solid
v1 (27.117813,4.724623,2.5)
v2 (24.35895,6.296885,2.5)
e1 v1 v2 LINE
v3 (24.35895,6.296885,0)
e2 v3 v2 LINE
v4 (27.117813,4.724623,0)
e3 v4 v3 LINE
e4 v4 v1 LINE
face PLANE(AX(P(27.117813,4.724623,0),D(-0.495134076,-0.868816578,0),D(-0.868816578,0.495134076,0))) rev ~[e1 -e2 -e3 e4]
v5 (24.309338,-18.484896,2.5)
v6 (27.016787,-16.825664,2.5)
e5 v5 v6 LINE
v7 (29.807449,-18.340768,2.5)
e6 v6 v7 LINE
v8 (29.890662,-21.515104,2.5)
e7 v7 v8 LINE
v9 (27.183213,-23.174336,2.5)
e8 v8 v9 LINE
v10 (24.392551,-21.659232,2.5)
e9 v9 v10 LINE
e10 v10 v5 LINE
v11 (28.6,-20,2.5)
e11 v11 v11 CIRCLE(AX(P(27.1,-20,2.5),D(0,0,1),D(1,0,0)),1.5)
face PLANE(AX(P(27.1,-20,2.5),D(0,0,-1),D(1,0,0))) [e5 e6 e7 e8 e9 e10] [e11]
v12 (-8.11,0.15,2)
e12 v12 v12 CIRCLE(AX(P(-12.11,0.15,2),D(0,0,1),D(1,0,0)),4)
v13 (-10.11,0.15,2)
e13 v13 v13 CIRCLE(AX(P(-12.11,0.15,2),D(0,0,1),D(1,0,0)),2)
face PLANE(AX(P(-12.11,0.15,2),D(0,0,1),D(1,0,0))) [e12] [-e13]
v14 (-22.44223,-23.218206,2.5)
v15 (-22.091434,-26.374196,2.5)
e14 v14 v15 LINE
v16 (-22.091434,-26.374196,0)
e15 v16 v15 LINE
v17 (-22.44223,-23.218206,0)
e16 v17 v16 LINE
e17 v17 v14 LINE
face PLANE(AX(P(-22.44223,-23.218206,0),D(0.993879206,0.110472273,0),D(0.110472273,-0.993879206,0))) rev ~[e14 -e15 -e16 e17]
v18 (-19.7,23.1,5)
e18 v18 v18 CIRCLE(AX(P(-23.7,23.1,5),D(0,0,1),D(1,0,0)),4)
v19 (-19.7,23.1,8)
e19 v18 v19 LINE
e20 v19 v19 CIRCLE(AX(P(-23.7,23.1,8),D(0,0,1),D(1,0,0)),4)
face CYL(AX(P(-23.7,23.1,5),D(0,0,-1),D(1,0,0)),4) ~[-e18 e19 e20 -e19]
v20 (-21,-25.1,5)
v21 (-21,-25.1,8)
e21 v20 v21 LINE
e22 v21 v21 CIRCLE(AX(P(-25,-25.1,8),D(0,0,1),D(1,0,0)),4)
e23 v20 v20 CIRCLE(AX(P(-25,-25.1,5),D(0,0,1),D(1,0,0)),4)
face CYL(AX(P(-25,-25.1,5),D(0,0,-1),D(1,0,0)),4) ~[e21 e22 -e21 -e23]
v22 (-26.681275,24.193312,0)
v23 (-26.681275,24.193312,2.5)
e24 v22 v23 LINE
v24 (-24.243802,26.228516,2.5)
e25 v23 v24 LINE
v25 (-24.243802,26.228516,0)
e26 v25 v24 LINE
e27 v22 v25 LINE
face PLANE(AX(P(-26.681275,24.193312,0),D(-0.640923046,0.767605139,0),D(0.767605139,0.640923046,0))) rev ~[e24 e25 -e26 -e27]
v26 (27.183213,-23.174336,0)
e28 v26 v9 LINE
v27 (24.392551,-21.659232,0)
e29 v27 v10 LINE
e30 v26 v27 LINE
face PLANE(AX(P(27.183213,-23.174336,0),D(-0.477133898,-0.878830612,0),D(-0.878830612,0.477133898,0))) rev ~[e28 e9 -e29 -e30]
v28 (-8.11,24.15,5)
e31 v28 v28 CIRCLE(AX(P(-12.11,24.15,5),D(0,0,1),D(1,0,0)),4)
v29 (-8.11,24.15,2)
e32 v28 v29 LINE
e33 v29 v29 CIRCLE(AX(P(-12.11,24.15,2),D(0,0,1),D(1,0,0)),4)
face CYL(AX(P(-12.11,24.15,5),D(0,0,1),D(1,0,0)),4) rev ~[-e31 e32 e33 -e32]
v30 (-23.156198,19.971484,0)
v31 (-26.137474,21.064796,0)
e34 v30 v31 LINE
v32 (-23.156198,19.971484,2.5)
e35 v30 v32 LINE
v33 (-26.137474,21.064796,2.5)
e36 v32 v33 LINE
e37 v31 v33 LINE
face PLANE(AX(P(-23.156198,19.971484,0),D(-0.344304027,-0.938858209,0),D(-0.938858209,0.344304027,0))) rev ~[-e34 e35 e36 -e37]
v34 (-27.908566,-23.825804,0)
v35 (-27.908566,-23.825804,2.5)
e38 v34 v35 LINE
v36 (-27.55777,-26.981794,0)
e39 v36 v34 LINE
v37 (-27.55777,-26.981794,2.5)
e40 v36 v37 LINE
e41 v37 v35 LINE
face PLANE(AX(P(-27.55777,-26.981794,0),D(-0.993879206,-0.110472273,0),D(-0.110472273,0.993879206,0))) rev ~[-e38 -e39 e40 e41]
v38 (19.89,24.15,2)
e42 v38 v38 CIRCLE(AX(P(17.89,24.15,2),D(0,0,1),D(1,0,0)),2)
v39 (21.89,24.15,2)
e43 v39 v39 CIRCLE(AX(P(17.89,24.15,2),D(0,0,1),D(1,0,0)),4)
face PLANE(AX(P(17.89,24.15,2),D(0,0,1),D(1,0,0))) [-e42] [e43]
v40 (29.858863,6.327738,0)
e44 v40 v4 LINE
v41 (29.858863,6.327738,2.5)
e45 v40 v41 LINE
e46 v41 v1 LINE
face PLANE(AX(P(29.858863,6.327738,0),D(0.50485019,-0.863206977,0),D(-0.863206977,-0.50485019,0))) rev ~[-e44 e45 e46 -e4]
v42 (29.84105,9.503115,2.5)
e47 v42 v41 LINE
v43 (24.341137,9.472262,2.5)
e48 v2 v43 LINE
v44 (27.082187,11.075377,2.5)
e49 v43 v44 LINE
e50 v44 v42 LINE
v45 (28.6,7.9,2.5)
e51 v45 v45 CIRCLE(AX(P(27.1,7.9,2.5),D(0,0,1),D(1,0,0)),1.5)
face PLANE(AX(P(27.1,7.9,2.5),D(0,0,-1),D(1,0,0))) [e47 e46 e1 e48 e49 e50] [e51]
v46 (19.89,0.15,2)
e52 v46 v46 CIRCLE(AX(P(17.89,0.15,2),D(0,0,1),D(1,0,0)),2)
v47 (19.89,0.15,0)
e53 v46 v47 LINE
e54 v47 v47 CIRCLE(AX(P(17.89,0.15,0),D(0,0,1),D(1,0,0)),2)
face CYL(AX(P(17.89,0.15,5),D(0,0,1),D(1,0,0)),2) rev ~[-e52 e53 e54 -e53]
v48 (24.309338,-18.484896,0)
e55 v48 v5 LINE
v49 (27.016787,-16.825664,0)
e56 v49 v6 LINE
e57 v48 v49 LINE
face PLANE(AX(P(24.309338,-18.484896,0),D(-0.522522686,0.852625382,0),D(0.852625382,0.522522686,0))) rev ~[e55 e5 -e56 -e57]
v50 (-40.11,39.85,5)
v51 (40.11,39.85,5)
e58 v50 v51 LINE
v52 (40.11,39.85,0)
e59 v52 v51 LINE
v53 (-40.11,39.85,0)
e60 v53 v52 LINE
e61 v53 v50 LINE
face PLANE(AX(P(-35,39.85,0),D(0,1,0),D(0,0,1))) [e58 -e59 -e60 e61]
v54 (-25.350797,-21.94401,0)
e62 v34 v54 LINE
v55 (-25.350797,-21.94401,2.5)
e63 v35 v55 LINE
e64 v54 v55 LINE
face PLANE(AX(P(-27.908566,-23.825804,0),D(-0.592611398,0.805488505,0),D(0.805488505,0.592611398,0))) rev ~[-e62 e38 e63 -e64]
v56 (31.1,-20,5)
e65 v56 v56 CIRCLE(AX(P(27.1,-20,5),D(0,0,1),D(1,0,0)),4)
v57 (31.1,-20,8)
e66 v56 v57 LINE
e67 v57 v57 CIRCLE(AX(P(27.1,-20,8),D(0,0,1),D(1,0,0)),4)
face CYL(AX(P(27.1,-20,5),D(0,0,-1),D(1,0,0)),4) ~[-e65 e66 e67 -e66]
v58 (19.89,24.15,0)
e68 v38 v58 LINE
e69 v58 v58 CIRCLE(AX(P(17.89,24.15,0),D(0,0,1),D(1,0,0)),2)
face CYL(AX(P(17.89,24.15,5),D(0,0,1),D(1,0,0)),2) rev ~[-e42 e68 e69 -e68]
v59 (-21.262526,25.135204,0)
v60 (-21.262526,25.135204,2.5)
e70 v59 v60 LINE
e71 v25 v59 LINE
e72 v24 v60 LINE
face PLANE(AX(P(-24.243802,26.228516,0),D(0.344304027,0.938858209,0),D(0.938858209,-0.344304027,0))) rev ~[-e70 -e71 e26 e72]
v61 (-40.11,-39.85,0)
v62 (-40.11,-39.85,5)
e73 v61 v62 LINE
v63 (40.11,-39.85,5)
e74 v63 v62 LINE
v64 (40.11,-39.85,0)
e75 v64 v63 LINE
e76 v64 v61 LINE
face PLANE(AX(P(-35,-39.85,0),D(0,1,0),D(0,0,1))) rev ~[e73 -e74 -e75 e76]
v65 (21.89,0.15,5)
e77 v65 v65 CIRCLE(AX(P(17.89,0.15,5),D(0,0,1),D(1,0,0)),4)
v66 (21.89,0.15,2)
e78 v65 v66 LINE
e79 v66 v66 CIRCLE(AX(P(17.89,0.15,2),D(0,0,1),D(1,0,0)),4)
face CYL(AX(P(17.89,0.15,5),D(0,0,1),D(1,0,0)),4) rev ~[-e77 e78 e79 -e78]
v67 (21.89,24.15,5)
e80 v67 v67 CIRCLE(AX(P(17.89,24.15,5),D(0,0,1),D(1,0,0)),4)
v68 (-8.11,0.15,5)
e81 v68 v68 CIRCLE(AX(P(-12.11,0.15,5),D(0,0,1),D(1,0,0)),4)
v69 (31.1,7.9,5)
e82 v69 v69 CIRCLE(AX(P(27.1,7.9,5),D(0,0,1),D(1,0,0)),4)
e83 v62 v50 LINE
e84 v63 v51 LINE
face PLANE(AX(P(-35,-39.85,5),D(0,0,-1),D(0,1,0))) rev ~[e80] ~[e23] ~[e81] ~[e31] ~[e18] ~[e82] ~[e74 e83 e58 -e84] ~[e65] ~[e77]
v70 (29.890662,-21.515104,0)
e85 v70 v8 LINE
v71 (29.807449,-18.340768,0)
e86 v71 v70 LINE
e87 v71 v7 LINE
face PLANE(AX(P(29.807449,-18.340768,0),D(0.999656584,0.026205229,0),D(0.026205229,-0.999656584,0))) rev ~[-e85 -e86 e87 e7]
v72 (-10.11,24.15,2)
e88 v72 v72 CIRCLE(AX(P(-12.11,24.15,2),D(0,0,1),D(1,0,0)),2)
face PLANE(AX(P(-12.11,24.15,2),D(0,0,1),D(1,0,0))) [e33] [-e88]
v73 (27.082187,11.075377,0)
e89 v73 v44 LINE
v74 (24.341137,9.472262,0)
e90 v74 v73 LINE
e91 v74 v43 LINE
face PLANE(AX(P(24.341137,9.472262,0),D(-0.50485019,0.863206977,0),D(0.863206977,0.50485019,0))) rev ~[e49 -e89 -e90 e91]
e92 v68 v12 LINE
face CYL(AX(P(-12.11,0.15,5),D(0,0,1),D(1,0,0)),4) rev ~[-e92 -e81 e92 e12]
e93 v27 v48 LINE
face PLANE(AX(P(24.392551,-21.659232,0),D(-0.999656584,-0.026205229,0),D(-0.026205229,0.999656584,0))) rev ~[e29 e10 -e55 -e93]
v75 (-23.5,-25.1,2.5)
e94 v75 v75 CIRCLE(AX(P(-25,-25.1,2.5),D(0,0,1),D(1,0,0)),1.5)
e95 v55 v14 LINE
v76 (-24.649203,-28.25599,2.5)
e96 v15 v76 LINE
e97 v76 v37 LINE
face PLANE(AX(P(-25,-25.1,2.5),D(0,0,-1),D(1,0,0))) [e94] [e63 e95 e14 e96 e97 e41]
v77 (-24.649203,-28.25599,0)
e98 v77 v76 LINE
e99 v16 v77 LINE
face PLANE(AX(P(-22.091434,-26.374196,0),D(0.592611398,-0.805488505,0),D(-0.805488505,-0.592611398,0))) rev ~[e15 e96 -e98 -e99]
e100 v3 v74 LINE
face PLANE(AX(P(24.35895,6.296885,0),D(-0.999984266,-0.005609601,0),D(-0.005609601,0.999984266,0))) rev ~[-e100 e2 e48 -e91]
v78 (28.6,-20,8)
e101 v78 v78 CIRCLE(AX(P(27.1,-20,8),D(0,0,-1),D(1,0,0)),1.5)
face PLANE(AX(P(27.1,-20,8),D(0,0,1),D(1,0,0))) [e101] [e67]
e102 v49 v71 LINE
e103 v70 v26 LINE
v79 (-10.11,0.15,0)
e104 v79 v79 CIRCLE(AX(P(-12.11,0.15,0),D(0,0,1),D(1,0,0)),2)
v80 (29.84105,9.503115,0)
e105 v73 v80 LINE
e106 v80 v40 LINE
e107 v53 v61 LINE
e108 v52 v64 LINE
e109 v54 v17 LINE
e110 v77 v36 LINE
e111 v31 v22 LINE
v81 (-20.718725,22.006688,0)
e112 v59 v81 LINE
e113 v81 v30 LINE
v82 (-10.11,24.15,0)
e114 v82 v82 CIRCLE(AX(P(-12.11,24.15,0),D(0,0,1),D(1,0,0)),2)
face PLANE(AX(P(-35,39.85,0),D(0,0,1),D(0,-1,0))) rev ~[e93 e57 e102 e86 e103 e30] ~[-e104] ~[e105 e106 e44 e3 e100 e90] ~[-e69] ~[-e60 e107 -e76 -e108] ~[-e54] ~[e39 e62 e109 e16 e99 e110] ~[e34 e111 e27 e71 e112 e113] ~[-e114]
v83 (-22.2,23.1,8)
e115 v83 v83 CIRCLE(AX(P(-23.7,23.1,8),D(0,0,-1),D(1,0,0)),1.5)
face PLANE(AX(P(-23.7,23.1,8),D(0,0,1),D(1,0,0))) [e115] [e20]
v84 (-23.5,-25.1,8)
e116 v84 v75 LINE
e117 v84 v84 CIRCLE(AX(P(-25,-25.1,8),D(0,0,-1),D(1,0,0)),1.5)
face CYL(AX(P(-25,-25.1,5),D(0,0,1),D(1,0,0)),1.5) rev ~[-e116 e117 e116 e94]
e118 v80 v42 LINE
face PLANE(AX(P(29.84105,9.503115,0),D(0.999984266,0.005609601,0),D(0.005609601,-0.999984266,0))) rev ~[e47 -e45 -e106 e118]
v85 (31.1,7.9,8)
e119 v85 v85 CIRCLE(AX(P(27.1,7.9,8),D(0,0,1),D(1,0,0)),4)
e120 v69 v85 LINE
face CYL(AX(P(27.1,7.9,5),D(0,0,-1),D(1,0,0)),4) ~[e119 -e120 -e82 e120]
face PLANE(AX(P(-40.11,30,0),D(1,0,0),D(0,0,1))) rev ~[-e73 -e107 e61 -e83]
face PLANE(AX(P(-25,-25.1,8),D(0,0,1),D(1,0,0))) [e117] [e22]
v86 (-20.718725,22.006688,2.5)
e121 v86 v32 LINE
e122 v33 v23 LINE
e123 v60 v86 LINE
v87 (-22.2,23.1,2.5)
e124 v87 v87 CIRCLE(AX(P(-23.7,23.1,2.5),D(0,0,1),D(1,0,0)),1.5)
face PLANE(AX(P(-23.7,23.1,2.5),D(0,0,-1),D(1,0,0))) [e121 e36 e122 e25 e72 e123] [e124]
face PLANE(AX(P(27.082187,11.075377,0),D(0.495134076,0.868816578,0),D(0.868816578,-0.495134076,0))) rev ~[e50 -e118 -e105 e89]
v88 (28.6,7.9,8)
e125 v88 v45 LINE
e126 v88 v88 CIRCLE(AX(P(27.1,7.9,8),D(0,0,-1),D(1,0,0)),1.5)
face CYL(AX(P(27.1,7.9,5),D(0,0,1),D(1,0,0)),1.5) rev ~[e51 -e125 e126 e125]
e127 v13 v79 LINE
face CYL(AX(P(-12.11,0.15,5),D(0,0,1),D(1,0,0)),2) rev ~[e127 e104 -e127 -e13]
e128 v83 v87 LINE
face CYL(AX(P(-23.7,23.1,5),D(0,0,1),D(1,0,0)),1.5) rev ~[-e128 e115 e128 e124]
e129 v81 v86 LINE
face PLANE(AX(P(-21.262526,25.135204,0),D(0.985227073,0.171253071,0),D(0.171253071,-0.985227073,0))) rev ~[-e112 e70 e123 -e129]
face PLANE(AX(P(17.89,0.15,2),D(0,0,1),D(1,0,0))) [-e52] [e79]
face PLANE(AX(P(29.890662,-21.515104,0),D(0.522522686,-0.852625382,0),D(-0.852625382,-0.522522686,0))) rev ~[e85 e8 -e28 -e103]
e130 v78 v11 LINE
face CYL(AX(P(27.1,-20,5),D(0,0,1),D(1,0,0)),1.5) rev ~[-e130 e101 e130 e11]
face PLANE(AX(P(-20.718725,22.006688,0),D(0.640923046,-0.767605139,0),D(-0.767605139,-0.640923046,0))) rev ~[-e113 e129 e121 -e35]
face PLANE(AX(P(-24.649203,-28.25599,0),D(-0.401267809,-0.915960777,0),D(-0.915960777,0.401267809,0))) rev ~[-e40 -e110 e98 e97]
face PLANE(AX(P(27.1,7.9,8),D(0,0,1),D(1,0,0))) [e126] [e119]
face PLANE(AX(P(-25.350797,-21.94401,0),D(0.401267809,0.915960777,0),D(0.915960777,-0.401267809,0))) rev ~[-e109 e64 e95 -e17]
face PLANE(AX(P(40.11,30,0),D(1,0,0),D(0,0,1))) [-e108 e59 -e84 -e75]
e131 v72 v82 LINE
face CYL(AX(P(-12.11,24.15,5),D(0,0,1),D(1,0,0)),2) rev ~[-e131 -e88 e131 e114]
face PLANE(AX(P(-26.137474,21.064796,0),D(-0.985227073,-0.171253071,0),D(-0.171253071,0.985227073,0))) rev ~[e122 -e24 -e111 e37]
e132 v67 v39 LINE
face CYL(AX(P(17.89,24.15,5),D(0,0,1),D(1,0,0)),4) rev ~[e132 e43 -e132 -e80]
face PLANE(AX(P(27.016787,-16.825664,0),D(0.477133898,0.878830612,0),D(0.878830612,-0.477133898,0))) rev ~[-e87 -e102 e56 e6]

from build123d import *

# Parameters (mm, degrees)
F0_W          = 70
F0_H          = 60
F1_DEPTH      = 5
F2_R          = 4
F3_DEPTH      = 3
F4_R          = 1.5
F5_DEPTH      = 3.001
F5_DEPTH_BACK = 5
F6_DEPTH      = 9.85
F7_DEPTH      = 9.85
F8_DEPTH      = 5.11
F9_DEPTH      = 5.11
F10_R         = 2
F11_DEPTH     = 5
F12_R         = 4
F13_DEPTH     = 3
F15_DEPTH     = 2.5


with BuildPart() as f1:
    # F0 (on Top) → F1 (new body)
    with BuildSketch(Plane.XY):
        Rectangle(F0_W, F0_H)
    extrude(amount=F1_DEPTH)

    # F2 (on face) → F3 (join)
    with BuildSketch(Plane.XY.offset(5)):
        with Locations((-23.7, 23.1)):
            Circle(F2_R)
        with Locations((-25, -25.1)):
            Circle(F2_R)
        with Locations((27.1, 7.9)):
            Circle(F2_R)
        with Locations((27.1, -20)):
            Circle(F2_R)
    extrude(amount=F3_DEPTH)

    # F4 (on face) → F5 (cut, two sides)
    with BuildSketch(Plane.XY.offset(5)) as f5_sk:
        with Locations((-23.7, 23.1)):
            Circle(F4_R)
        with Locations((27.1, 7.9)):
            Circle(F4_R)
        with Locations((27.1, -20)):
            Circle(F4_R)
        with Locations((-25, -25.1)):
            Circle(F4_R)
    extrude(amount=F5_DEPTH, mode=Mode.SUBTRACT)
    extrude(f5_sk.sketch, amount=-F5_DEPTH_BACK, mode=Mode.SUBTRACT)

    # F6 (add): a face of the model
    f6_faces = [f1.faces().sort_by_distance(p)[0] for p in [
        (0, -30, 2.5),
    ]]
    extrude(f6_faces, amount=F6_DEPTH)

    # F7 (add): a face of the model
    f7_faces = [f1.faces().sort_by_distance(p)[0] for p in [
        (0, 30, 2.5),
    ]]
    extrude(f7_faces, amount=F7_DEPTH)

    # F8 (add): a face of the model
    f8_faces = [f1.faces().sort_by_distance(p)[0] for p in [
        (35, 0, 2.5),
    ]]
    extrude(f8_faces, amount=F8_DEPTH)

    # F9 (add): a face of the model
    f9_faces = [f1.faces().sort_by_distance(p)[0] for p in [
        (-35, 0, 2.5),
    ]]
    extrude(f9_faces, amount=F9_DEPTH)

    # F10 (on face) → F11 (cut)
    with BuildSketch(Plane.XY.offset(5)):
        with Locations((-12.11, 0.15)):
            Circle(F10_R)
        with Locations((-12.11, 24.15)):
            Circle(F10_R)
        with Locations((17.89, 24.15)):
            Circle(F10_R)
        with Locations((17.89, 0.15)):
            Circle(F10_R)
    extrude(amount=-F11_DEPTH, mode=Mode.SUBTRACT)

    # F12 (on face) → F13 (cut)
    with BuildSketch(Plane.XY.offset(5)):
        with Locations((-12.11, 0.15)):
            Circle(F12_R)
        with Locations((-12.11, 24.15)):
            Circle(F12_R)
        with Locations((17.89, 24.15)):
            Circle(F12_R)
        with Locations((17.89, 0.15)):
            Circle(F12_R)
    extrude(amount=-F13_DEPTH, mode=Mode.SUBTRACT)

    # F14 (on face) → F15 (cut)
    with BuildSketch(Plane(origin=(0, 0, 0), x_dir=(1, 0, 0), z_dir=(0, 0, -1))):
        Polygon((-24.6492034201, 28.2559903506), (-27.5577695278, 26.981793925), (-27.9085661076, 23.8258035744), (-25.3507965799, 21.9440096494), (-22.4422304722, 23.218206075), (-22.0914338924, 26.3741964256), align=None)
        Polygon((27.1832127793, 23.1743359883), (24.3925507836, 21.659232375), (24.3093380043, 18.4848963867), (27.0167872207, 16.8256640117), (29.8074492164, 18.340767625), (29.8906619957, 21.5151036133), align=None)
        Polygon((27.1178128759, -4.7246234814), (24.3589497063, -6.2968853377), (24.3411368304, -9.4722618563), (27.0821871241, -11.0753765186), (29.8410502937, -9.5031146623), (29.8588631696, -6.3277381437), align=None)
        Polygon((-23.1561984645, -19.9714838624), (-26.1374736836, -21.0647959868), (-26.6812752191, -24.1933121244), (-24.2438015355, -26.2285161376), (-21.2625263164, -25.1352040132), (-20.7187247809, -22.0066878756), align=None)
    extrude(amount=-F15_DEPTH, mode=Mode.SUBTRACT)


solid = f1.part
